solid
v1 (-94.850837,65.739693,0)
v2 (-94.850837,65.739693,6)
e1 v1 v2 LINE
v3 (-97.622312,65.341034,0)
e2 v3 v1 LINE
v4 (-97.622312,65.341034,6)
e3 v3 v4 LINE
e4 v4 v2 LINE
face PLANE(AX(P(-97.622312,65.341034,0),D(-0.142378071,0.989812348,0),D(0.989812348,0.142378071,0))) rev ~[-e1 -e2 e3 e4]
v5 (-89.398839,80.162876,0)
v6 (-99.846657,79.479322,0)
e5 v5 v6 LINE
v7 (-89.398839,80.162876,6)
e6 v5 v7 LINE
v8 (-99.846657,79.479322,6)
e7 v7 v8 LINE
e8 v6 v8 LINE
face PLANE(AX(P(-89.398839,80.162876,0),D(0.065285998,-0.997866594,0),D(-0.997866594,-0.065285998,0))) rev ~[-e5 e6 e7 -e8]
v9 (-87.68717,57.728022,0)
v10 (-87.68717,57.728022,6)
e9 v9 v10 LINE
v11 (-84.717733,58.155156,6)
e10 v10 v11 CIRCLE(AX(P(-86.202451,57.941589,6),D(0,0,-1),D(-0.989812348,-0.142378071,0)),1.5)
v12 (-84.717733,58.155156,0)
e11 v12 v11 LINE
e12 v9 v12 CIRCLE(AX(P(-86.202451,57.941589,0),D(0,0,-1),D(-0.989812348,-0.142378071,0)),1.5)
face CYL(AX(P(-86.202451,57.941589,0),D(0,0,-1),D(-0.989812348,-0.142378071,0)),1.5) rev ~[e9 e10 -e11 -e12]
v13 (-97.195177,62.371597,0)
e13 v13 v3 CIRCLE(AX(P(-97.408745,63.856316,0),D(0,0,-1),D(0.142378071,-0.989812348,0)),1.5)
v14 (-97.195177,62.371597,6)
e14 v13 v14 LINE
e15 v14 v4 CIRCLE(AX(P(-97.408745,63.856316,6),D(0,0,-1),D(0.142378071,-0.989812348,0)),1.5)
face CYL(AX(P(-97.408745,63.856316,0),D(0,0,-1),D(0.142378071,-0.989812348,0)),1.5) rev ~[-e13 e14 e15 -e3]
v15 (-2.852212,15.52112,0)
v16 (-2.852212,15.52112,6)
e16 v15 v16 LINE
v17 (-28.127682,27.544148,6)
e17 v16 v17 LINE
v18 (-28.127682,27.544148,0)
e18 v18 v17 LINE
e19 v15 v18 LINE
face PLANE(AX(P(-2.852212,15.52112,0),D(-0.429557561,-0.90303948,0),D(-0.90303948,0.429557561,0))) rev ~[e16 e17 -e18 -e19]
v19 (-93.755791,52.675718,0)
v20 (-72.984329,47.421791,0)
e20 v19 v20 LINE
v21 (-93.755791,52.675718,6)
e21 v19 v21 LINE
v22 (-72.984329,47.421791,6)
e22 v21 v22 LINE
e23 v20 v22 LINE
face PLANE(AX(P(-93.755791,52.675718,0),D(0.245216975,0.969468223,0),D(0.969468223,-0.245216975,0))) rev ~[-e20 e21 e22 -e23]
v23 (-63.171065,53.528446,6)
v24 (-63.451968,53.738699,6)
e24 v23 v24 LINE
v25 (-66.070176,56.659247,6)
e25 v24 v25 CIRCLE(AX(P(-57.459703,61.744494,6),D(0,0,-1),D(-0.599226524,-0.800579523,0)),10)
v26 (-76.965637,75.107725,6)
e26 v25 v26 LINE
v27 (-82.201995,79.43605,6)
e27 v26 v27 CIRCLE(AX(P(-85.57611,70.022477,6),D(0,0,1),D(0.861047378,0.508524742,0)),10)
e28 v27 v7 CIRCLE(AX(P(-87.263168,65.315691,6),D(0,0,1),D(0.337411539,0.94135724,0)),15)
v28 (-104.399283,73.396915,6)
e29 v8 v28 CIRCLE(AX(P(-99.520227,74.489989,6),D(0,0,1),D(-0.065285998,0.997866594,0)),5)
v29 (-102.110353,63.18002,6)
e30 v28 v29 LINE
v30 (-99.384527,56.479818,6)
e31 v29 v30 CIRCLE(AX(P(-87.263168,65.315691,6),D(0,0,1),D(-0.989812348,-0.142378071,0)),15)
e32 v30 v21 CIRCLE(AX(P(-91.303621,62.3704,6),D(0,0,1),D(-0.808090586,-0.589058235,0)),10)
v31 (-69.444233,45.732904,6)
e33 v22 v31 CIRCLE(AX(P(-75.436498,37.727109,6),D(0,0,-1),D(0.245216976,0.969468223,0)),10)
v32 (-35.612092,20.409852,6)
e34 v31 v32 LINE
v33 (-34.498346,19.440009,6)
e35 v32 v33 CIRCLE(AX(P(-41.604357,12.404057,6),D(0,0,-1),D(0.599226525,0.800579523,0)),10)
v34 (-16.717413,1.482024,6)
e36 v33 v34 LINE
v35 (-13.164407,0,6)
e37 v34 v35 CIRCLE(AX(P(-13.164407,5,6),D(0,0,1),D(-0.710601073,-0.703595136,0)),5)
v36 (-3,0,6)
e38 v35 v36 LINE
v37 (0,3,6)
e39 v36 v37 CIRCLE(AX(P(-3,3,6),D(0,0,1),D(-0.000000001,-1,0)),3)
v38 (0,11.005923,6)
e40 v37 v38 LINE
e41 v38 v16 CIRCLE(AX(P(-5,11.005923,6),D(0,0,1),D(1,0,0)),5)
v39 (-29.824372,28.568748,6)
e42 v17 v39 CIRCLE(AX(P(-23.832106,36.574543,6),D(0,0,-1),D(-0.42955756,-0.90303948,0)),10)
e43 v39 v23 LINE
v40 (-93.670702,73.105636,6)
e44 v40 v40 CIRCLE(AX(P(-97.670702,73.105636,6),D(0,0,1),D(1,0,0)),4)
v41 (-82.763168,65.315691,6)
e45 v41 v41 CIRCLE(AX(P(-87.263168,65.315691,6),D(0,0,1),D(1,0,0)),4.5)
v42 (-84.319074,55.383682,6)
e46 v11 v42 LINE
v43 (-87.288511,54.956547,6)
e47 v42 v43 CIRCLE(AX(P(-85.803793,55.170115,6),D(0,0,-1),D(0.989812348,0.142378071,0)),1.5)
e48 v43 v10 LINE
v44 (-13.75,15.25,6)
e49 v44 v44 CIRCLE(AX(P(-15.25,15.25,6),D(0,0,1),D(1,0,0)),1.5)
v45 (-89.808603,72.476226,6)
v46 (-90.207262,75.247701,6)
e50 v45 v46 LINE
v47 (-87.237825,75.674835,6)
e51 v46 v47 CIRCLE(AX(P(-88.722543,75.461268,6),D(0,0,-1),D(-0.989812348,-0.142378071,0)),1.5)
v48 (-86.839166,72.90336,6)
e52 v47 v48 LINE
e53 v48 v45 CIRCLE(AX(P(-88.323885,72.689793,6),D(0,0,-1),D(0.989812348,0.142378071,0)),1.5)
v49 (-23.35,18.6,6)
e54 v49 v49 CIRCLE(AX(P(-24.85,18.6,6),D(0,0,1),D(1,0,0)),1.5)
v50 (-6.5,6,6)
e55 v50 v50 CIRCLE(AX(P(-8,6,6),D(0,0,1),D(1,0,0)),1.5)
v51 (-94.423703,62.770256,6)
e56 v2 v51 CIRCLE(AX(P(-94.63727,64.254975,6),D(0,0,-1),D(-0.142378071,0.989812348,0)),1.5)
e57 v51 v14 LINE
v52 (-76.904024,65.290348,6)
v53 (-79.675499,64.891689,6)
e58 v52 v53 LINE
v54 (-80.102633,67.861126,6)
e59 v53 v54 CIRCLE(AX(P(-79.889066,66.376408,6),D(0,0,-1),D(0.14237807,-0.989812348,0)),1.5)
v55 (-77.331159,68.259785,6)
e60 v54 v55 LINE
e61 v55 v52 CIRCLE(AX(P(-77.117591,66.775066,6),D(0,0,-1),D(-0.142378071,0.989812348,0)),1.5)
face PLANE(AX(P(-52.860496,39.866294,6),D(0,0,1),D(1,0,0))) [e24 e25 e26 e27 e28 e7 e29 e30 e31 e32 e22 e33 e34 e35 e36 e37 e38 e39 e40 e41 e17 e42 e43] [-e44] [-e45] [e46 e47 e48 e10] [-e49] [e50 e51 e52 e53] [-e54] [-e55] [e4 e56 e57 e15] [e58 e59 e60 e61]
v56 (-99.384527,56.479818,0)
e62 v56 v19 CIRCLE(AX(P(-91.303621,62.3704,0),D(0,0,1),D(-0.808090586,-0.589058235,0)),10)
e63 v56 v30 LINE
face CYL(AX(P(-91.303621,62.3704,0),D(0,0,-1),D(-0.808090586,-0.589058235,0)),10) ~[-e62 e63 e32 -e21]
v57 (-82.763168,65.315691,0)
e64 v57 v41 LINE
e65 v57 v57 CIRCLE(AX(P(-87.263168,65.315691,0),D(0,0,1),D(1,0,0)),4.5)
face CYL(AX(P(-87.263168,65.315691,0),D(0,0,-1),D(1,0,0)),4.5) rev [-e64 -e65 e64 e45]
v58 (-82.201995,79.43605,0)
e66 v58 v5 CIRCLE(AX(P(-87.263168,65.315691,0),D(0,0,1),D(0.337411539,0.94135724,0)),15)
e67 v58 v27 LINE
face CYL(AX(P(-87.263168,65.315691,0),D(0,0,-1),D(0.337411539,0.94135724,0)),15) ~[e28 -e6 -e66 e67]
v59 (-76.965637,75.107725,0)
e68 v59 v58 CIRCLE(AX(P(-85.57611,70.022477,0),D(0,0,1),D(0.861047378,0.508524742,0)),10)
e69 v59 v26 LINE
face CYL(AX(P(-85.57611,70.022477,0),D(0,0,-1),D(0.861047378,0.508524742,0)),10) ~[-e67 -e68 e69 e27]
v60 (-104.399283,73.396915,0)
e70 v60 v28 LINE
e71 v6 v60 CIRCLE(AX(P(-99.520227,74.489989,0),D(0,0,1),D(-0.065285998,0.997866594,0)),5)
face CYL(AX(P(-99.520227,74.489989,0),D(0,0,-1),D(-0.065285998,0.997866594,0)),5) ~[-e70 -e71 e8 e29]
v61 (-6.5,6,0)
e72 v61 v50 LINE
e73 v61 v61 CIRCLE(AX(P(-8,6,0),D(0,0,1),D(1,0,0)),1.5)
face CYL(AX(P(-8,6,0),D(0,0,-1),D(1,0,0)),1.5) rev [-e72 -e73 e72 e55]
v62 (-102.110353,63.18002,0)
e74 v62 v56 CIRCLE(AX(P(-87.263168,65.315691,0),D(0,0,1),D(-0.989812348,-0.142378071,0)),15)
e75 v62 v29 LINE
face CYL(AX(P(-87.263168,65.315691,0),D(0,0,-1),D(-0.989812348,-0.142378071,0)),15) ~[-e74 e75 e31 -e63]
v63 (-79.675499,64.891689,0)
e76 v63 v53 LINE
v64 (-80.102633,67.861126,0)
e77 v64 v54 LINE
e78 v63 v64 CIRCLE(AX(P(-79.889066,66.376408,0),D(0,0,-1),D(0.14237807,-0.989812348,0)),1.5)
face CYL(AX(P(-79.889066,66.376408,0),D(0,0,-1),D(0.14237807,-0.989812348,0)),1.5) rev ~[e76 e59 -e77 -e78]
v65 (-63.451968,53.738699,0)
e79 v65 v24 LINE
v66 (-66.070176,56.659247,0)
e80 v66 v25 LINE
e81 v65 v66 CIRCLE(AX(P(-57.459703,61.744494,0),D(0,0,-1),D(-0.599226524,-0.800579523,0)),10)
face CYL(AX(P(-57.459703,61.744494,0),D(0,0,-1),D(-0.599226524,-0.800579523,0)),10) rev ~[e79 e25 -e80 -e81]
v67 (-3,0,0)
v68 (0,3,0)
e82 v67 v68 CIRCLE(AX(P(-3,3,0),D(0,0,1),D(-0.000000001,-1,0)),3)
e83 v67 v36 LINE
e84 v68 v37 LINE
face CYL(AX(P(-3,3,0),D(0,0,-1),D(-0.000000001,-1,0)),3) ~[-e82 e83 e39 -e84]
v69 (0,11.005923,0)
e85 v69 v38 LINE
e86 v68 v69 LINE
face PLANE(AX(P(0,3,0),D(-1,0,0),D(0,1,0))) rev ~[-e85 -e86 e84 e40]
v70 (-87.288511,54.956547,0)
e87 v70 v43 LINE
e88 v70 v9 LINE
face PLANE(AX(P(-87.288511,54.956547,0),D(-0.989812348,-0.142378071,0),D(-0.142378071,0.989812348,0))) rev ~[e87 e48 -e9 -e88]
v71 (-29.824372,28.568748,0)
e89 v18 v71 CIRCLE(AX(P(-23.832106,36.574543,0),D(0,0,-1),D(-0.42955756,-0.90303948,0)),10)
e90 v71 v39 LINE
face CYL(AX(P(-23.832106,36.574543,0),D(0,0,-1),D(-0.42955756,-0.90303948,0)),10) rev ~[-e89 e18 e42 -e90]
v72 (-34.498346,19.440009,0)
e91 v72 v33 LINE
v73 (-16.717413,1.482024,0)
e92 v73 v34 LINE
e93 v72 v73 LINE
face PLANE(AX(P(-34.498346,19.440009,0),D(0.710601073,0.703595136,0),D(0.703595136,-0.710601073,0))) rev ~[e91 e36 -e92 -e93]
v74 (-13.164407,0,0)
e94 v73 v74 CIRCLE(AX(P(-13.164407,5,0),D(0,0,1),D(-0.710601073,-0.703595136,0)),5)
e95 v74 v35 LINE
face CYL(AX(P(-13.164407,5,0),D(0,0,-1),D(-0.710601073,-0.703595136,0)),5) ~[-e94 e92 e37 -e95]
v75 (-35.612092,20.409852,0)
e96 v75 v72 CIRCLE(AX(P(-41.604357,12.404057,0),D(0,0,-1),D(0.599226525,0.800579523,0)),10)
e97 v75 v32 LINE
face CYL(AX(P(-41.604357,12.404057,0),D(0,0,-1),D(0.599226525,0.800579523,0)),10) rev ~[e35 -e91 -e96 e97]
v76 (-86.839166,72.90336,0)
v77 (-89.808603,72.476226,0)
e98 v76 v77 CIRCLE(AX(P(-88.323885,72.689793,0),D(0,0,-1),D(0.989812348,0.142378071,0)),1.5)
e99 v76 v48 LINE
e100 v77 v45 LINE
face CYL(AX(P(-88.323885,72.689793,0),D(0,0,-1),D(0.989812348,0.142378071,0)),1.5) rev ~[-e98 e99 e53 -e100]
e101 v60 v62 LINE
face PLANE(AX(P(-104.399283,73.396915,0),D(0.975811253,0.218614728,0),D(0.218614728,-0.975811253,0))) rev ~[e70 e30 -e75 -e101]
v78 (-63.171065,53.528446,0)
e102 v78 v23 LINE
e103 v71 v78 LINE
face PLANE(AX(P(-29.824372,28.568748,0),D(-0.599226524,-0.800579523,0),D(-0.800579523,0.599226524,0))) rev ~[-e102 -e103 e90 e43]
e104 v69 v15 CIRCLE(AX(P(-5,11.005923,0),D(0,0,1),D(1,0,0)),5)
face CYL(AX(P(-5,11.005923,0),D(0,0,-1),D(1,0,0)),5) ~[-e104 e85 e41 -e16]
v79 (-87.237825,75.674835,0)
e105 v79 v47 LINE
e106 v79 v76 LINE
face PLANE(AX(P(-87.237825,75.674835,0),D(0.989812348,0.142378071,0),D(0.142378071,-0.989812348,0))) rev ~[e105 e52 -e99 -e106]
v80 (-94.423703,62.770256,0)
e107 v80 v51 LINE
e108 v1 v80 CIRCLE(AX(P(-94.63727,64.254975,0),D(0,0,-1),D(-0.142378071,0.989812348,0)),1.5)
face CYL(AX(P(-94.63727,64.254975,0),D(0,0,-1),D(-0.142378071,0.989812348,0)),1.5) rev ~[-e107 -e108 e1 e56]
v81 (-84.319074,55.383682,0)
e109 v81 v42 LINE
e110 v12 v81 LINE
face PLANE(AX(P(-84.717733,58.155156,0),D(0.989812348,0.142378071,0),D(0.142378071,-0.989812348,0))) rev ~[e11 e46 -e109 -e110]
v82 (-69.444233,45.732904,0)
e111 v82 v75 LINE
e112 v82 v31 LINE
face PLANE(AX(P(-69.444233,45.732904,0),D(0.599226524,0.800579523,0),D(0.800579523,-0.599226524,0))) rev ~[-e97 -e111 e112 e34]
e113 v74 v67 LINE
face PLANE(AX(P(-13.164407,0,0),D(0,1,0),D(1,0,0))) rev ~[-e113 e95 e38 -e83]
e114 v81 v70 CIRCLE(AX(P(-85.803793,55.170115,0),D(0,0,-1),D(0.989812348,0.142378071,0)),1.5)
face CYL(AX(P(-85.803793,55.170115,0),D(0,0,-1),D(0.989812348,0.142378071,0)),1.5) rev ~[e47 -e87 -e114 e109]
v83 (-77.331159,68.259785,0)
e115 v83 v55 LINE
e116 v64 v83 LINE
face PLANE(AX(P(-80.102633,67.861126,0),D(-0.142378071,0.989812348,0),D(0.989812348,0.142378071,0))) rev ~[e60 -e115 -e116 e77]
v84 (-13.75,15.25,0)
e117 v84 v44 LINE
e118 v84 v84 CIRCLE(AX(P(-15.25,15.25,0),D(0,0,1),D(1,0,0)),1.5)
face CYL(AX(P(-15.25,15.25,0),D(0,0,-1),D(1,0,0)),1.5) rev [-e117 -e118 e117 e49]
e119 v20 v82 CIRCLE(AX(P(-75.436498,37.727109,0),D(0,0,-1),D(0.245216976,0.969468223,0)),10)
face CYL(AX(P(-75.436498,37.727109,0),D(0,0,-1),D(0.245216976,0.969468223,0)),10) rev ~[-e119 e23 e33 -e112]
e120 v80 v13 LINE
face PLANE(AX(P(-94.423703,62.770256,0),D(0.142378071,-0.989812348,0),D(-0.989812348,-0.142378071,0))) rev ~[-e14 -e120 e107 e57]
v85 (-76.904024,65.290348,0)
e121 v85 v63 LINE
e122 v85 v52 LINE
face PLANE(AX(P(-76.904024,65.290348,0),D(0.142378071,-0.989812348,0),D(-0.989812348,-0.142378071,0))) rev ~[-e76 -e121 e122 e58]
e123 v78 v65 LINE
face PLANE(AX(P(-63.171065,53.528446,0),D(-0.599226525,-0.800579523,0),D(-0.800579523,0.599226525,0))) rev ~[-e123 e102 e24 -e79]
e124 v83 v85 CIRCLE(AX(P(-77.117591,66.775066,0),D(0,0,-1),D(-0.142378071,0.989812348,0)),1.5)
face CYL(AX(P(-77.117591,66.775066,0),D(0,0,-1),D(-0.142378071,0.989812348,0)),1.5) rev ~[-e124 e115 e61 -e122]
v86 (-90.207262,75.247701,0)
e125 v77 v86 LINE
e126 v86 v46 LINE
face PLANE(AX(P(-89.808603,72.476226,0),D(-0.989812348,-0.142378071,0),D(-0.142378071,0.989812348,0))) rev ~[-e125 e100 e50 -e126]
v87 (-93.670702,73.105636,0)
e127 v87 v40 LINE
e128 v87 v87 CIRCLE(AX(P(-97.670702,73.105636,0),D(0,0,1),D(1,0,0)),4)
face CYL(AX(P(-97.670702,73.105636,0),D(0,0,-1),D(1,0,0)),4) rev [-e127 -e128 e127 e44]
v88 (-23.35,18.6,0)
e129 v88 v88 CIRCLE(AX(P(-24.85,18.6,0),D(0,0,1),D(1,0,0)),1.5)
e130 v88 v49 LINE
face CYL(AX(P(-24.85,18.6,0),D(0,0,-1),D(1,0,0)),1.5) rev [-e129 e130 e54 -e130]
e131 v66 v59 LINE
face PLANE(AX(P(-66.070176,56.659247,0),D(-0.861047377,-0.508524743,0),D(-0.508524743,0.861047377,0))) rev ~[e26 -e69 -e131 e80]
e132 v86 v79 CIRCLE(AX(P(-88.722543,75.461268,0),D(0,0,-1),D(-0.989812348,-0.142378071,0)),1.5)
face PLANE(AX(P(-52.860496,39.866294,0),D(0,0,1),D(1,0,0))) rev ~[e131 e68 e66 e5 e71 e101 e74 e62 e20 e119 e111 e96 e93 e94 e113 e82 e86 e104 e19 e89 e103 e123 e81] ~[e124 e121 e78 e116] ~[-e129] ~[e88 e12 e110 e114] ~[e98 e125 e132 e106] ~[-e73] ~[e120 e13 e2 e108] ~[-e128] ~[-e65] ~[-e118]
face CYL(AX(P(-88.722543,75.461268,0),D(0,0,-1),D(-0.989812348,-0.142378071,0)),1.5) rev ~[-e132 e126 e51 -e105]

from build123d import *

# Parameters (mm, degrees)
CROQUIS1_R              = 1.5
CROQUIS1_R_2            = 4
CROQUIS1_R_3            = 4.5
SALIENTE_EXTRUIR1_DEPTH = 6


with BuildPart() as part:
    # Croquis1 → Saliente-Extruir1 (new body)
    with BuildSketch(Plane.XY):
        with BuildLine():
            Line((0, 3), (0, 11.005922656))
            ThreePointArc((0, 11.005922656), (-0.772770469, 13.676227974), (-2.852212196, 15.521120055))
            Line((-2.852212196, 15.521120055), (-28.127681877, 27.544148224))
            ThreePointArc((-28.127681877, 27.544148224), (-29.001474549, 28.014307534), (-29.824371512, 28.568747792))
            Line((-29.824371512, 28.568747792), (-63.171065255, 53.528446126))
            Line((-63.171065255, 53.528446126), (-63.451967787, 53.738699128))
            ThreePointArc((-63.451967787, 53.738699128), (-64.905667664, 55.069346162), (-66.070176318, 56.659246931))
            Line((-66.070176318, 56.659246931), (-76.965636536, 75.10772477))
            ThreePointArc((-76.965636536, 75.10772477), (-79.204988458, 77.730188181), (-82.201994916, 79.436049742))
            ThreePointArc((-82.201994916, 79.436049742), (-85.75594879, 80.239775378), (-89.398839068, 80.162876369))
            Line((-89.398839068, 80.162876369), (-99.846657066, 79.479321846))
            ThreePointArc((-99.846657066, 79.479321846), (-103.523124692, 77.4861215), (-104.39928334, 73.396915238))
            Line((-104.39928334, 73.396915238), (-102.110353231, 63.180020081))
            ThreePointArc((-102.110353231, 63.180020081), (-101.157367153, 59.663149232), (-99.384526804, 56.479817622))
            ThreePointArc((-99.384526804, 56.479817622), (-96.903104349, 54.085124746), (-93.75579069, 52.675717741))
            Line((-93.75579069, 52.675717741), (-72.984328521, 47.421790897))
            ThreePointArc((-72.984328521, 47.421790897), (-71.130664391, 46.752616664), (-69.44423303, 45.732903898))
            Line((-69.44423303, 45.732903898), (-35.612091664, 20.409852413))
            ThreePointArc((-35.612091664, 20.409852413), (-35.03729077, 19.945518736), (-34.498346176, 19.44000854))
            Line((-34.498346176, 19.44000854), (-16.717412791, 1.482024321))
            ThreePointArc((-16.717412791, 1.482024321), (-15.089260875, 0.385356005), (-13.164407425, 0))
            Line((-13.164407425, 0), (-3, 0))
            ThreePointArc((-3, 0), (-0.878679656, 0.878679656), (0, 3))
        make_face()
        with Locations((-24.85, 18.6)):
            Circle(CROQUIS1_R, mode=Mode.SUBTRACT)
        with Locations((-8, 6)):
            Circle(CROQUIS1_R, mode=Mode.SUBTRACT)
        with Locations((-97.670701805, 73.105635959)):
            Circle(CROQUIS1_R_2, mode=Mode.SUBTRACT)
        with Locations((-87.263168006, 65.315691143)):
            Circle(CROQUIS1_R_3, mode=Mode.SUBTRACT)
        with Locations((-15.25, 15.25)):
            Circle(CROQUIS1_R, mode=Mode.SUBTRACT)
        with BuildLine():
            Line((-87.237824709, 75.67483482), (-86.839166111, 72.903360245))
            ThreePointArc((-86.839166111, 72.903360245), (-88.110317527, 71.205074616), (-89.808603156, 72.476226032))
            Line((-89.808603156, 72.476226032), (-90.207261755, 75.247700608))
            ThreePointArc((-90.207261755, 75.247700608), (-88.936110338, 76.945986237), (-87.237824709, 75.67483482))
        make_face(mode=Mode.SUBTRACT)
        with BuildLine():
            Line((-76.904024329, 65.290347847), (-79.675498905, 64.891689248))
            ThreePointArc((-79.675498905, 64.891689248), (-81.373784533, 66.162840665), (-80.102633117, 67.861126294))
            Line((-80.102633117, 67.861126294), (-77.331158542, 68.259784892))
            ThreePointArc((-77.331158542, 68.259784892), (-75.632872913, 66.988633476), (-76.904024329, 65.290347847))
        make_face(mode=Mode.SUBTRACT)
        with BuildLine():
            Line((-87.288511303, 54.956547467), (-87.687169901, 57.728022042))
            ThreePointArc((-87.687169901, 57.728022042), (-86.416018485, 59.426307671), (-84.717732856, 58.155156254))
            Line((-84.717732856, 58.155156254), (-84.319074258, 55.383681679))
            ThreePointArc((-84.319074258, 55.383681679), (-85.590225674, 53.68539605), (-87.288511303, 54.956547467))
        make_face(mode=Mode.SUBTRACT)
        with BuildLine():
            Line((-97.622311683, 65.34103444), (-94.850837108, 65.739693038))
            ThreePointArc((-94.850837108, 65.739693038), (-93.152551479, 64.468541622), (-94.423702895, 62.770255993))
            Line((-94.423702895, 62.770255993), (-97.19517747, 62.371597395))
            ThreePointArc((-97.19517747, 62.371597395), (-98.893463099, 63.642748811), (-97.622311683, 65.34103444))
        make_face(mode=Mode.SUBTRACT)
    extrude(amount=SALIENTE_EXTRUIR1_DEPTH)


solid = part.part
